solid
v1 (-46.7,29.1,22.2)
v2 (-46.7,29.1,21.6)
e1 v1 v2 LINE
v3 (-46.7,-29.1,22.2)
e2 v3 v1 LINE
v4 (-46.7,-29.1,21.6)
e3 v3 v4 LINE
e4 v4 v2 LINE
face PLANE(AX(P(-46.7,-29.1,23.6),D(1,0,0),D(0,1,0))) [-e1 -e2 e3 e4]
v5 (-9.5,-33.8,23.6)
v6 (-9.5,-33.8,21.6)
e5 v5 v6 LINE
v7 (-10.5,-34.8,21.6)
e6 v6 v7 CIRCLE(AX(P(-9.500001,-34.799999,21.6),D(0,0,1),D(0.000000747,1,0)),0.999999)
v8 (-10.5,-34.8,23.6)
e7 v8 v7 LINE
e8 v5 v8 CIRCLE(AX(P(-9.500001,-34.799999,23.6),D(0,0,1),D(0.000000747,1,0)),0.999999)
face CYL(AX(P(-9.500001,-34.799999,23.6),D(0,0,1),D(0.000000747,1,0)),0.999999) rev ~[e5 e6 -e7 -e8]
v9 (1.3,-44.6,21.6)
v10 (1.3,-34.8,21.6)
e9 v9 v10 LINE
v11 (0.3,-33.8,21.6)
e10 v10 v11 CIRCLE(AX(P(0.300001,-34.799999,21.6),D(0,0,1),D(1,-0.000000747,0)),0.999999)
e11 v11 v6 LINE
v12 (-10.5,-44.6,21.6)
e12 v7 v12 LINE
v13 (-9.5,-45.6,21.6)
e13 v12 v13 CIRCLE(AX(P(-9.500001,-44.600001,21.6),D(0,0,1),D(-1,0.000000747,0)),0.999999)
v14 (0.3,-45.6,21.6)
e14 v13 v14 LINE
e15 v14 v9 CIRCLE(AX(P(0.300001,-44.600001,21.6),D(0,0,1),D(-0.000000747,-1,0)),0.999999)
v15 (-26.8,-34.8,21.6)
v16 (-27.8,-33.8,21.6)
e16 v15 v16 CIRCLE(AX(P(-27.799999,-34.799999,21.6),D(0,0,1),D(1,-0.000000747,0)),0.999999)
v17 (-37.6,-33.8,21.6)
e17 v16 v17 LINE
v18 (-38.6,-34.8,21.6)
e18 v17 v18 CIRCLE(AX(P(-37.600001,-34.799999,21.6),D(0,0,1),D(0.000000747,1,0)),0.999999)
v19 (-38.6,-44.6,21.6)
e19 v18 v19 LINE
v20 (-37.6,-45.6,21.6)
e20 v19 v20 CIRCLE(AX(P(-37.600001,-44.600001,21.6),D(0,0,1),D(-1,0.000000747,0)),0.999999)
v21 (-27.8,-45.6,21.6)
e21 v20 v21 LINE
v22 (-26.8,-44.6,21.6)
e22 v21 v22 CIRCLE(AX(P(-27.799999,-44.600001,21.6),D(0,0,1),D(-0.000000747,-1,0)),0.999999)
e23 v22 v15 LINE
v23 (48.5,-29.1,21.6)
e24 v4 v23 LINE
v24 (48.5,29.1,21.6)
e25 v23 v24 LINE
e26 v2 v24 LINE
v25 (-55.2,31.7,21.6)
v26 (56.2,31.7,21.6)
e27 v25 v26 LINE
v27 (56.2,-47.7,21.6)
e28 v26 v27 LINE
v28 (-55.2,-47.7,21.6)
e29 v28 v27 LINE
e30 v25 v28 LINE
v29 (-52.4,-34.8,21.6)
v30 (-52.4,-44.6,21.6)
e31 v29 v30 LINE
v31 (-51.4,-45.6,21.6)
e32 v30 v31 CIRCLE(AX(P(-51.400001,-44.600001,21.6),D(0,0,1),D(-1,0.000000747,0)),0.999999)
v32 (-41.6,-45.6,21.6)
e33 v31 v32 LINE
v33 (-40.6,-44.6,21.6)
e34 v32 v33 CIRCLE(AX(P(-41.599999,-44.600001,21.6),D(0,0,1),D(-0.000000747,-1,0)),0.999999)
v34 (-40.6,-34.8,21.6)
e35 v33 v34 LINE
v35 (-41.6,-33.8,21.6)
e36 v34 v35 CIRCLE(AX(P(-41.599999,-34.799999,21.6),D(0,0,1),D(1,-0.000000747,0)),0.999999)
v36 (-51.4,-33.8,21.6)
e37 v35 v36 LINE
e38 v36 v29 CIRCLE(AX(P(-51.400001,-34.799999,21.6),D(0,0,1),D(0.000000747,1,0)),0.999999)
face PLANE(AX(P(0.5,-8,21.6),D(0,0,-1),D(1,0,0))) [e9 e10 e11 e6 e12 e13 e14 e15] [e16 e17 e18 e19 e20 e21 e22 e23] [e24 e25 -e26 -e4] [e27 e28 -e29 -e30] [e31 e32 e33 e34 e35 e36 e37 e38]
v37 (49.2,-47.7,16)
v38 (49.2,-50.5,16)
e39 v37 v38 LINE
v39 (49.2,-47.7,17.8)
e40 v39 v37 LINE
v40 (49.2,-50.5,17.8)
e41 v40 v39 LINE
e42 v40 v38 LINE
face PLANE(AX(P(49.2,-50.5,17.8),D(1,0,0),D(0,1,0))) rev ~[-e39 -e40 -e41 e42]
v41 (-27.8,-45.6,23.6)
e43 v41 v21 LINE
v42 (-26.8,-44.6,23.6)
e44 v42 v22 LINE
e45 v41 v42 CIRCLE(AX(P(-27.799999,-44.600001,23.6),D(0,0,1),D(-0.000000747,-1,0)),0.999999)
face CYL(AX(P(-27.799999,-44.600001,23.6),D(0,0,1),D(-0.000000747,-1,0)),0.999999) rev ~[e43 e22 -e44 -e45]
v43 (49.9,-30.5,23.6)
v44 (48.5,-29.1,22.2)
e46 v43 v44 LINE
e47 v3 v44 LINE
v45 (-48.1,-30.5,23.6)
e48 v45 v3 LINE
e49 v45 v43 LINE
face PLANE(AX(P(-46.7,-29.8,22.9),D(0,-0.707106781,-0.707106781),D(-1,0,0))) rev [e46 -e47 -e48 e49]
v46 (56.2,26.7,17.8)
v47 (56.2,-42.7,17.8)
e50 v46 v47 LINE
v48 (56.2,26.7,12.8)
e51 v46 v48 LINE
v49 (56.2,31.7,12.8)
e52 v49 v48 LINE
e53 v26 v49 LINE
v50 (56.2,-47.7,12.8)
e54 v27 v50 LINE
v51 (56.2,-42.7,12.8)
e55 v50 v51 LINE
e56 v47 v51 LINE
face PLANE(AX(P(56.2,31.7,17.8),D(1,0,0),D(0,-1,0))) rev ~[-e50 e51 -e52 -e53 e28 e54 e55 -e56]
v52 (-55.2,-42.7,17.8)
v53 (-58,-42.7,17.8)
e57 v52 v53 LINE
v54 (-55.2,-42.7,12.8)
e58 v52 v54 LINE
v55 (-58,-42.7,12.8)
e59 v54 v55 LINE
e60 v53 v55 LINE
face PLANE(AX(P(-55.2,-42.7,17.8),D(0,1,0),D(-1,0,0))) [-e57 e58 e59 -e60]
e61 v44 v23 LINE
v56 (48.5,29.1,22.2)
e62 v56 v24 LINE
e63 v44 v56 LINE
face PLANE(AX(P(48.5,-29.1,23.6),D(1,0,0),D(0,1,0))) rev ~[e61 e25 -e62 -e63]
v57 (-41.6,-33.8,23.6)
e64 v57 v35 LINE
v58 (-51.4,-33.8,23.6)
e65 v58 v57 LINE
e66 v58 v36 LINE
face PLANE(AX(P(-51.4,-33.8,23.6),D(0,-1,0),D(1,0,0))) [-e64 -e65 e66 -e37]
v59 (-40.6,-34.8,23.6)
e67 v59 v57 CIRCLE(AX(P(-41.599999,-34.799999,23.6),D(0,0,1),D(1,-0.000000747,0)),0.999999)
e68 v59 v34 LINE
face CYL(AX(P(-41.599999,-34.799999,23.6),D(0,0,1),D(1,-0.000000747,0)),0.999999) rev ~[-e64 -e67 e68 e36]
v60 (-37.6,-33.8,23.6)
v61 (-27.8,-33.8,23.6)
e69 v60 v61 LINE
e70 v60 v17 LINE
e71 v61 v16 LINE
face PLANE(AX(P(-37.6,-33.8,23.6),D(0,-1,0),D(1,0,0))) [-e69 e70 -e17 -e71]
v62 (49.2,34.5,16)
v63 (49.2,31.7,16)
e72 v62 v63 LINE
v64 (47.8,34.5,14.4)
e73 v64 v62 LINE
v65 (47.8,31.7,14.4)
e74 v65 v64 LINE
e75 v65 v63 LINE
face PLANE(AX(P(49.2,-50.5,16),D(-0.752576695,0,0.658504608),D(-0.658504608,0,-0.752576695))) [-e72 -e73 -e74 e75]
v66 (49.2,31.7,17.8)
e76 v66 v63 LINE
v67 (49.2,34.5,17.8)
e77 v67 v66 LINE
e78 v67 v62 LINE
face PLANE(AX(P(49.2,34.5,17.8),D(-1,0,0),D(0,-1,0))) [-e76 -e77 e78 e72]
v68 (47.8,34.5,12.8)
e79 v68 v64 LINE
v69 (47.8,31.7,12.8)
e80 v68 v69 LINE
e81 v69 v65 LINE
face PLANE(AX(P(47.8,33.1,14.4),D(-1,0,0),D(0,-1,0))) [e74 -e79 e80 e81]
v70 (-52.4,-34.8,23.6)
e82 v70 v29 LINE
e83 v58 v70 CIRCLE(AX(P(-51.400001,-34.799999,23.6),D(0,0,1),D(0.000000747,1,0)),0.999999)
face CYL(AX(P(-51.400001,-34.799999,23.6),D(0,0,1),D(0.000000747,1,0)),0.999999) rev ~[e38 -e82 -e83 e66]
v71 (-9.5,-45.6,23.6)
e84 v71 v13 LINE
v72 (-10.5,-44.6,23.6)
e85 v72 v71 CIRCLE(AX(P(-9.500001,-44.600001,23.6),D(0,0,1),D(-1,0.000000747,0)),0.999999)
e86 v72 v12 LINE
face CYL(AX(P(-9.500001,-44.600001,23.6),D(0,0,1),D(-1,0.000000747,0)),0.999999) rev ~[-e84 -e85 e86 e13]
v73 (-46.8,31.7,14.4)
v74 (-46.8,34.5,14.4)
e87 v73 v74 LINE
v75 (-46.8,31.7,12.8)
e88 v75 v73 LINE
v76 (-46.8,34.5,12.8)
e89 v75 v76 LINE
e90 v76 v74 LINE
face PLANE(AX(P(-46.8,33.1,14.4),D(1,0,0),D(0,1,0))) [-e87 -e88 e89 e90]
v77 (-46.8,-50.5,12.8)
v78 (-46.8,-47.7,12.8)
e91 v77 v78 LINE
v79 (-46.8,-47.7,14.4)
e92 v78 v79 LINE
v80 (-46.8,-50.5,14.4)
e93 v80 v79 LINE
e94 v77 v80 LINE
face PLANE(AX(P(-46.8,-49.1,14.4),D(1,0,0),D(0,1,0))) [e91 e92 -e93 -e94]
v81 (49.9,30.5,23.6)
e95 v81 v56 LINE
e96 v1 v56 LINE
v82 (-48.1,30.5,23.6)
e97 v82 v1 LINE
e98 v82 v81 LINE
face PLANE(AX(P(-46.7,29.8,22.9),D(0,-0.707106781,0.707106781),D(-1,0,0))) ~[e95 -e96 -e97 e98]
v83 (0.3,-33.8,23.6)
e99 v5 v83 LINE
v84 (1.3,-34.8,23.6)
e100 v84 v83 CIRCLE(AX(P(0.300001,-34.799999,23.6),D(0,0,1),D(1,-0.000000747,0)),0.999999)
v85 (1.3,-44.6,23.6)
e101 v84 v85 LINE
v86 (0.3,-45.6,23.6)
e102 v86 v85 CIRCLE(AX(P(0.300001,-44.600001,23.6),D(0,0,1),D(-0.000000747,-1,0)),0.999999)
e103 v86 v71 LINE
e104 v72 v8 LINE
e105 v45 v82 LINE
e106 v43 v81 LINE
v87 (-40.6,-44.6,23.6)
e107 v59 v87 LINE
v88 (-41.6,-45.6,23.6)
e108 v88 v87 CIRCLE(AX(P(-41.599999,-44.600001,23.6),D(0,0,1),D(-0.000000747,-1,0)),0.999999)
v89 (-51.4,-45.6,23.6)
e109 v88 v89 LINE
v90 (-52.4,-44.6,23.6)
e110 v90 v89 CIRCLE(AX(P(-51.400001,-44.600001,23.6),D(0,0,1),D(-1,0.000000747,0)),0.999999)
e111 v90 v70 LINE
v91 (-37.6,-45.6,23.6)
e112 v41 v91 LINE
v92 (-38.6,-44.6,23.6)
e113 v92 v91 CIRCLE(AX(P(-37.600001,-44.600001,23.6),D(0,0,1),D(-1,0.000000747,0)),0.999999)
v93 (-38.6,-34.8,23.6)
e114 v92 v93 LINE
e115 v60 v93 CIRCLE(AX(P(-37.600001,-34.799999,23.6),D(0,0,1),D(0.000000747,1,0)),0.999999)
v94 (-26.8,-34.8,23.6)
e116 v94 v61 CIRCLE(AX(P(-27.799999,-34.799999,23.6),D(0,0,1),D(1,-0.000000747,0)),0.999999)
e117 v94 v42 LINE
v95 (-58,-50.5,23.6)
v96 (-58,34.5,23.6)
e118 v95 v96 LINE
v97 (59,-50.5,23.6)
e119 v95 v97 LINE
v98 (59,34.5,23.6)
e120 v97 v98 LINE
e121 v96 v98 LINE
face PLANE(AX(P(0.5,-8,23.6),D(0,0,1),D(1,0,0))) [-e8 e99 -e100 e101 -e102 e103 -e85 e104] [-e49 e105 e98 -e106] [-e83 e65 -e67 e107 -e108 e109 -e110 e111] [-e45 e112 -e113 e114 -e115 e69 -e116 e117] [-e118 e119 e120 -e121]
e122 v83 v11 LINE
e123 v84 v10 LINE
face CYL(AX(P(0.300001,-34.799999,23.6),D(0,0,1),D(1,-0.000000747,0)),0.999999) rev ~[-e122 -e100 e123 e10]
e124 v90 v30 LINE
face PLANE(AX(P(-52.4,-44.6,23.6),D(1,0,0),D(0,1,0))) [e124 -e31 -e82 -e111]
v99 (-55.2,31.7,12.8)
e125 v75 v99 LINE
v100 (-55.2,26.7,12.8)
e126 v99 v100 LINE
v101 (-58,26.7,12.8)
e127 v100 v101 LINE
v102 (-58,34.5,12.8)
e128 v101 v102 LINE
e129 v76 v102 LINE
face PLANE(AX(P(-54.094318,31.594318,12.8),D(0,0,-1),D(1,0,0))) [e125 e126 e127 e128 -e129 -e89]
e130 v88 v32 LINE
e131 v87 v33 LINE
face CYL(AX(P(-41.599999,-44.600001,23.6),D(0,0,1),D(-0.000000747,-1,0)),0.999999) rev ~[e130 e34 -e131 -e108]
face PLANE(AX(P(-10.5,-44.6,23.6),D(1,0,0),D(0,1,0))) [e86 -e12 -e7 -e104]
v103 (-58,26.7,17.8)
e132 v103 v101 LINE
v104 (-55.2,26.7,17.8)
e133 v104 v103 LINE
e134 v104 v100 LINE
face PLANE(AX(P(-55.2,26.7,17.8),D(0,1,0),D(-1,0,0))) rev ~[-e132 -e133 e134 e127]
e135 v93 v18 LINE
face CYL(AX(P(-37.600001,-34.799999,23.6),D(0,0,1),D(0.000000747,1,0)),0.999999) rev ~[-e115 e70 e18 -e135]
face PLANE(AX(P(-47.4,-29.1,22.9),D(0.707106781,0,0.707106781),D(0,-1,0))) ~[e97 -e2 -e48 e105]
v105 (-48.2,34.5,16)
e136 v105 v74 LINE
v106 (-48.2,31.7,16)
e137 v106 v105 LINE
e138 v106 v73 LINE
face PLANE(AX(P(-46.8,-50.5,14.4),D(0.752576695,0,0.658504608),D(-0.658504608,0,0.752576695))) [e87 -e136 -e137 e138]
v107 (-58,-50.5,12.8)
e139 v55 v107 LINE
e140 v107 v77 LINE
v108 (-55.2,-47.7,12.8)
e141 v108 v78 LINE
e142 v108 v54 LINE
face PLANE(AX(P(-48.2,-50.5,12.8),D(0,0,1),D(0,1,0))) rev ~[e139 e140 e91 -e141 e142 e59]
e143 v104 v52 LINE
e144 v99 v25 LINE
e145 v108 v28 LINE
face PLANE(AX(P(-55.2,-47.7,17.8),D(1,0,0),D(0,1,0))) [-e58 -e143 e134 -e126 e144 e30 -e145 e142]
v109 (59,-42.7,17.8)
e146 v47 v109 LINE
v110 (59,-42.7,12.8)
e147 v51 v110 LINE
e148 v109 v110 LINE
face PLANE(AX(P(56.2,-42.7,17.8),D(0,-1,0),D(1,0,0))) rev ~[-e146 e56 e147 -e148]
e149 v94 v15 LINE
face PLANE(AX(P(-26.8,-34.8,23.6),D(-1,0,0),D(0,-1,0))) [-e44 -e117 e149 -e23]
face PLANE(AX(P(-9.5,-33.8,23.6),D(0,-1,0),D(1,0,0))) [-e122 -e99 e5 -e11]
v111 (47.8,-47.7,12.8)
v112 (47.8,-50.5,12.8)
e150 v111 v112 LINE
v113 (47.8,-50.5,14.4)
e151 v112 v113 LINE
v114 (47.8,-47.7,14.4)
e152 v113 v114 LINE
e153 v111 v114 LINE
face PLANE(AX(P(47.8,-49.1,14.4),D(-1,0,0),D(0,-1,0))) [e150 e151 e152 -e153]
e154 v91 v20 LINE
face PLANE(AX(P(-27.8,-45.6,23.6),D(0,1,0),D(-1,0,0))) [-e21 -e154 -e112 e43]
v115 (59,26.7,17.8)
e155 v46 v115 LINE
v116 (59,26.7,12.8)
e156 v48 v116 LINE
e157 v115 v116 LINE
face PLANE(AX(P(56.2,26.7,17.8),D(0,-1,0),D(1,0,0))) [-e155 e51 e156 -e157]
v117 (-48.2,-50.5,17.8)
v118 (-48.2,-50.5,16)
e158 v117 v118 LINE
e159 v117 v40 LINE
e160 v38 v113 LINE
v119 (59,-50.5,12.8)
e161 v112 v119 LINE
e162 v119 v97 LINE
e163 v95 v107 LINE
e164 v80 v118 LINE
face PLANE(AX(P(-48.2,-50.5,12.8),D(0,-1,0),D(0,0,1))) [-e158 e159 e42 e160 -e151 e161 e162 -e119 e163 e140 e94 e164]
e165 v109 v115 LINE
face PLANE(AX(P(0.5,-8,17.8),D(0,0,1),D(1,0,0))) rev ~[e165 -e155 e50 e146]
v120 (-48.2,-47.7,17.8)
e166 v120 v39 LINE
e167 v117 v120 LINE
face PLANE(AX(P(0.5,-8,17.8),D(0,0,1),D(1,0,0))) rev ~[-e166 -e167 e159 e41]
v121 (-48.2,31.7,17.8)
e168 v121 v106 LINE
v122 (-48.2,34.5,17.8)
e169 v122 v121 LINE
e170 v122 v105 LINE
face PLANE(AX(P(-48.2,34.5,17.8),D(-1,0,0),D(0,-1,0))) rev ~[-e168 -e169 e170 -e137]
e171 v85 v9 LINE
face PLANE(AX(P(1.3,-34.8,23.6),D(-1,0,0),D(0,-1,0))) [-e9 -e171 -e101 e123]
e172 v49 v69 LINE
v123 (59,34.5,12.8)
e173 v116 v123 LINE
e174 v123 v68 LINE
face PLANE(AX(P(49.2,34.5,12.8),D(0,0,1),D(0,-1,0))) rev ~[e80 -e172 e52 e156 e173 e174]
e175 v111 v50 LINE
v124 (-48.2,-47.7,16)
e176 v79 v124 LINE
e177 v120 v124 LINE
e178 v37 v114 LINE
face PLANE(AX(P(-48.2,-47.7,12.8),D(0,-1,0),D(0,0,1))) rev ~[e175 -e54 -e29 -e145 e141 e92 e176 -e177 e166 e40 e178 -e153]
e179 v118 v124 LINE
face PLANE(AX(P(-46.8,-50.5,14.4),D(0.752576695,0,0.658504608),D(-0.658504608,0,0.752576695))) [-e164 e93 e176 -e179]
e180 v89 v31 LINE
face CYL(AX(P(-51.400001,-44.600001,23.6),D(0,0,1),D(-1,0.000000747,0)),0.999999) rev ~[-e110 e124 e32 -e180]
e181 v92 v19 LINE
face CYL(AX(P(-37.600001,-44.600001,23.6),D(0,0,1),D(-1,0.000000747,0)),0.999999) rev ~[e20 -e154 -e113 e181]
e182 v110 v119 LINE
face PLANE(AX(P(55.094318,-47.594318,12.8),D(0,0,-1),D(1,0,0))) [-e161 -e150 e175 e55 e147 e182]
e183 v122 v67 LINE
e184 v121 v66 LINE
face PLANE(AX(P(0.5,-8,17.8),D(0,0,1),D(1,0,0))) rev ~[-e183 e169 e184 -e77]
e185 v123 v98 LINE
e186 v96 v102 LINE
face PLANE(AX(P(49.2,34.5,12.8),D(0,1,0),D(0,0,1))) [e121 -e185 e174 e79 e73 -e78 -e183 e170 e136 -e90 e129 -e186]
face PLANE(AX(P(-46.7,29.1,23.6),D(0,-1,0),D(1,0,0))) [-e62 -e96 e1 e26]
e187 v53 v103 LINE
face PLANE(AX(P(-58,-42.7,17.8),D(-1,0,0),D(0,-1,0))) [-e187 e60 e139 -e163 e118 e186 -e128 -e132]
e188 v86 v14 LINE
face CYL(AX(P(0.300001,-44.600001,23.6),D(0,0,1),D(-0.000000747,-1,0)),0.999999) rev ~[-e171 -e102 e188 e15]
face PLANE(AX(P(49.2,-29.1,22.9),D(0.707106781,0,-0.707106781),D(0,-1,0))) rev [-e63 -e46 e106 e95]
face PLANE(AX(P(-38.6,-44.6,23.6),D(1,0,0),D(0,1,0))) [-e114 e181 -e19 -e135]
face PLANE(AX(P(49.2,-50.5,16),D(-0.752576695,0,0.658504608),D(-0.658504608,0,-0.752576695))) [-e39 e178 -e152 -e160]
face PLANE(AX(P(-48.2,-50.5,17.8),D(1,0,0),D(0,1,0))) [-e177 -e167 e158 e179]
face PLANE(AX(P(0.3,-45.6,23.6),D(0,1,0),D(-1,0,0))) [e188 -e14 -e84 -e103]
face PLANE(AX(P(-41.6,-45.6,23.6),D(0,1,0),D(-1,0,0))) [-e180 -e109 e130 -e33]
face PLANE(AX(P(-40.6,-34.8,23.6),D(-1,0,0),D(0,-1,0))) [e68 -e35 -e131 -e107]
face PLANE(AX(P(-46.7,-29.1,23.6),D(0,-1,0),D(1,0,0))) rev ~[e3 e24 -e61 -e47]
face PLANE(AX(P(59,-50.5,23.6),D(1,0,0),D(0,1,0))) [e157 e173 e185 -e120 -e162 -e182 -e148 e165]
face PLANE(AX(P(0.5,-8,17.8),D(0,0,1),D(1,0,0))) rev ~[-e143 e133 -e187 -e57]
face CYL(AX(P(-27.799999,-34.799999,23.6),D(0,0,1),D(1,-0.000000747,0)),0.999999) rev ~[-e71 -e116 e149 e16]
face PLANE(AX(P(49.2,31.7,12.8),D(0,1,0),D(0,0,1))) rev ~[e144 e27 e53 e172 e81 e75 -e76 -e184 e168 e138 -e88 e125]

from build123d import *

# Parameters (mm, degrees)
SKETCH022_W     = 117
SKETCH022_H     = 85
PAD013_DEPTH    = 5.8
SKETCH023_W     = 95.2
SKETCH023_H     = 58.2
POCKET001_DEPTH = 5.801
SKETCH024_W     = 111.4
SKETCH024_H     = 79.4
POCKET002_DEPTH = 3.8
POCKET008_DEPTH = 5.801
PAD017_DEPTH    = 5
SKETCH044_W     = 2.8
SKETCH044_H     = 3.2
PAD018_DEPTH    = 1.4
SKETCH045_W     = 2.8
SKETCH045_H     = 3.2
PAD019_DEPTH    = 1.4
POCKET016_DEPTH = 85.001
CHAMFER001_SIZE = 1.4


with BuildPart() as part:
    # Sketch022 → Pad013 (new body)
    with BuildSketch(Plane.XY.offset(23.6)):
        with Locations((0.5, -8)):
            Rectangle(SKETCH022_W, SKETCH022_H)
    extrude(amount=-PAD013_DEPTH)

    # Sketch023 (on Face5 of Pad013) → Pocket001 (cut, through all)
    with BuildSketch(Plane.XY.offset(23.6)):
        with Locations((0.9, 0)):
            Rectangle(SKETCH023_W, SKETCH023_H)
    extrude(amount=-POCKET001_DEPTH, mode=Mode.SUBTRACT)

    # Sketch024 (on Face5 of Pocket001) → Pocket002 (cut)
    with BuildSketch(Plane(origin=(0, 0, 17.8), x_dir=(1, 0, 0), z_dir=(0, 0, -1))):
        with Locations((0.5, 8)):
            Rectangle(SKETCH024_W, SKETCH024_H)
    extrude(amount=-POCKET002_DEPTH, mode=Mode.SUBTRACT)

    # Sketch031 (on Face4 of Pocket002) → Pocket008 (cut, through all)
    with BuildSketch(Plane.XY.offset(23.6)):
        with BuildLine():
            Line((-51.4, -33.8), (-41.6, -33.8))
            ThreePointArc((-40.6, -34.8), (-40.892893, -34.092893), (-41.6, -33.8))
            Line((-40.6, -34.8), (-40.6, -44.6))
            ThreePointArc((-41.6, -45.6), (-40.892893, -45.307107), (-40.6, -44.6))
            Line((-41.6, -45.6), (-51.4, -45.6))
            ThreePointArc((-52.4, -44.6), (-52.107107, -45.307107), (-51.4, -45.6))
            Line((-52.4, -44.6), (-52.4, -34.8))
            ThreePointArc((-51.4, -33.8), (-52.107107, -34.092893), (-52.4, -34.8))
        make_face()
        with BuildLine():
            Line((-37.6, -33.8), (-27.8, -33.8))
            ThreePointArc((-26.8, -34.8), (-27.092893, -34.092893), (-27.8, -33.8))
            Line((-26.8, -34.8), (-26.8, -44.6))
            ThreePointArc((-27.8, -45.6), (-27.092893, -45.307107), (-26.8, -44.6))
            Line((-27.8, -45.6), (-37.6, -45.6))
            ThreePointArc((-38.6, -44.6), (-38.307107, -45.307107), (-37.6, -45.6))
            Line((-38.6, -44.6), (-38.6, -34.8))
            ThreePointArc((-37.6, -33.8), (-38.307107, -34.092893), (-38.6, -34.8))
        make_face()
        with BuildLine():
            Line((-9.5, -33.8), (0.3, -33.8))
            ThreePointArc((1.3, -34.8), (1.007107, -34.092893), (0.3, -33.8))
            Line((1.3, -34.8), (1.3, -44.6))
            ThreePointArc((0.3, -45.6), (1.007107, -45.307107), (1.3, -44.6))
            Line((0.3, -45.6), (-9.5, -45.6))
            ThreePointArc((-10.5, -44.6), (-10.207107, -45.307107), (-9.5, -45.6))
            Line((-10.5, -44.6), (-10.5, -34.8))
            ThreePointArc((-9.5, -33.8), (-10.207107, -34.092893), (-10.5, -34.8))
        make_face()
    extrude(amount=-POCKET008_DEPTH, mode=Mode.SUBTRACT)

    # Sketch038 (on Face5 of Pocket008) → Pad017 (join)
    with BuildSketch(Plane(origin=(0, 0, 17.8), x_dir=(1, 0, 0), z_dir=(0, 0, -1))):
        Polygon((-58, 50.5), (-48.2, 50.5), (-48.2, 47.7), (-55.2, 47.7), (-55.2, 42.7), (-58, 42.7), align=None)
        Polygon((59, 50.5), (49.2, 50.5), (49.2, 47.7), (56.2, 47.7), (56.2, 42.7), (59, 42.7), align=None)
        Polygon((59, -34.5), (49.2, -34.5), (49.2, -31.7), (56.2, -31.7), (56.2, -26.7), (59, -26.7), align=None)
        Polygon((-58, -34.5), (-48.2, -34.5), (-48.2, -31.7), (-55.2, -31.7), (-55.2, -26.7), (-58, -26.7), align=None)
    extrude(amount=PAD017_DEPTH)

    # Sketch044 (on Face66 of Pad017) → Pad018 (join)
    with BuildSketch(Plane.YZ.offset(-48.2)):
        with Locations((-49.1, 14.4)):
            Rectangle(SKETCH044_W, SKETCH044_H)
        with Locations((33.1, 14.4)):
            Rectangle(SKETCH044_W, SKETCH044_H)
    extrude(amount=PAD018_DEPTH)

    # Sketch045 (on Face68 of Pad018) → Pad019 (join)
    with BuildSketch(Plane(origin=(49.2, 0, 0), x_dir=(0, -1, 0), z_dir=(-1, 0, 0))):
        with Locations((-33.1, 14.4)):
            Rectangle(SKETCH045_W, SKETCH045_H)
        with Locations((49.1, 14.4)):
            Rectangle(SKETCH045_W, SKETCH045_H)
    extrude(amount=PAD019_DEPTH)

    # Sketch046 (on Face76 of Pad019) → Pocket016 (cut, through all)
    with BuildSketch(Plane.XZ.offset(50.5)):
        Polygon((-48.2, 16), (-46.8, 16), (-46.8, 14.4), align=None)
        Polygon((47.8, 16), (49.2, 16), (47.8, 14.4), align=None)
    extrude(amount=-POCKET016_DEPTH, mode=Mode.SUBTRACT)

    # Chamfer001
    chamfer001_edges = [part.edges().sort_by_distance(p)[0] for p in [
        (0.9, 29.1, 23.6),
        (-46.7, 0, 23.6),
        (48.5, 0, 23.6),
        (0.9, -29.1, 23.6),
    ]]
    chamfer(chamfer001_edges, length=CHAMFER001_SIZE)


solid = part.part
